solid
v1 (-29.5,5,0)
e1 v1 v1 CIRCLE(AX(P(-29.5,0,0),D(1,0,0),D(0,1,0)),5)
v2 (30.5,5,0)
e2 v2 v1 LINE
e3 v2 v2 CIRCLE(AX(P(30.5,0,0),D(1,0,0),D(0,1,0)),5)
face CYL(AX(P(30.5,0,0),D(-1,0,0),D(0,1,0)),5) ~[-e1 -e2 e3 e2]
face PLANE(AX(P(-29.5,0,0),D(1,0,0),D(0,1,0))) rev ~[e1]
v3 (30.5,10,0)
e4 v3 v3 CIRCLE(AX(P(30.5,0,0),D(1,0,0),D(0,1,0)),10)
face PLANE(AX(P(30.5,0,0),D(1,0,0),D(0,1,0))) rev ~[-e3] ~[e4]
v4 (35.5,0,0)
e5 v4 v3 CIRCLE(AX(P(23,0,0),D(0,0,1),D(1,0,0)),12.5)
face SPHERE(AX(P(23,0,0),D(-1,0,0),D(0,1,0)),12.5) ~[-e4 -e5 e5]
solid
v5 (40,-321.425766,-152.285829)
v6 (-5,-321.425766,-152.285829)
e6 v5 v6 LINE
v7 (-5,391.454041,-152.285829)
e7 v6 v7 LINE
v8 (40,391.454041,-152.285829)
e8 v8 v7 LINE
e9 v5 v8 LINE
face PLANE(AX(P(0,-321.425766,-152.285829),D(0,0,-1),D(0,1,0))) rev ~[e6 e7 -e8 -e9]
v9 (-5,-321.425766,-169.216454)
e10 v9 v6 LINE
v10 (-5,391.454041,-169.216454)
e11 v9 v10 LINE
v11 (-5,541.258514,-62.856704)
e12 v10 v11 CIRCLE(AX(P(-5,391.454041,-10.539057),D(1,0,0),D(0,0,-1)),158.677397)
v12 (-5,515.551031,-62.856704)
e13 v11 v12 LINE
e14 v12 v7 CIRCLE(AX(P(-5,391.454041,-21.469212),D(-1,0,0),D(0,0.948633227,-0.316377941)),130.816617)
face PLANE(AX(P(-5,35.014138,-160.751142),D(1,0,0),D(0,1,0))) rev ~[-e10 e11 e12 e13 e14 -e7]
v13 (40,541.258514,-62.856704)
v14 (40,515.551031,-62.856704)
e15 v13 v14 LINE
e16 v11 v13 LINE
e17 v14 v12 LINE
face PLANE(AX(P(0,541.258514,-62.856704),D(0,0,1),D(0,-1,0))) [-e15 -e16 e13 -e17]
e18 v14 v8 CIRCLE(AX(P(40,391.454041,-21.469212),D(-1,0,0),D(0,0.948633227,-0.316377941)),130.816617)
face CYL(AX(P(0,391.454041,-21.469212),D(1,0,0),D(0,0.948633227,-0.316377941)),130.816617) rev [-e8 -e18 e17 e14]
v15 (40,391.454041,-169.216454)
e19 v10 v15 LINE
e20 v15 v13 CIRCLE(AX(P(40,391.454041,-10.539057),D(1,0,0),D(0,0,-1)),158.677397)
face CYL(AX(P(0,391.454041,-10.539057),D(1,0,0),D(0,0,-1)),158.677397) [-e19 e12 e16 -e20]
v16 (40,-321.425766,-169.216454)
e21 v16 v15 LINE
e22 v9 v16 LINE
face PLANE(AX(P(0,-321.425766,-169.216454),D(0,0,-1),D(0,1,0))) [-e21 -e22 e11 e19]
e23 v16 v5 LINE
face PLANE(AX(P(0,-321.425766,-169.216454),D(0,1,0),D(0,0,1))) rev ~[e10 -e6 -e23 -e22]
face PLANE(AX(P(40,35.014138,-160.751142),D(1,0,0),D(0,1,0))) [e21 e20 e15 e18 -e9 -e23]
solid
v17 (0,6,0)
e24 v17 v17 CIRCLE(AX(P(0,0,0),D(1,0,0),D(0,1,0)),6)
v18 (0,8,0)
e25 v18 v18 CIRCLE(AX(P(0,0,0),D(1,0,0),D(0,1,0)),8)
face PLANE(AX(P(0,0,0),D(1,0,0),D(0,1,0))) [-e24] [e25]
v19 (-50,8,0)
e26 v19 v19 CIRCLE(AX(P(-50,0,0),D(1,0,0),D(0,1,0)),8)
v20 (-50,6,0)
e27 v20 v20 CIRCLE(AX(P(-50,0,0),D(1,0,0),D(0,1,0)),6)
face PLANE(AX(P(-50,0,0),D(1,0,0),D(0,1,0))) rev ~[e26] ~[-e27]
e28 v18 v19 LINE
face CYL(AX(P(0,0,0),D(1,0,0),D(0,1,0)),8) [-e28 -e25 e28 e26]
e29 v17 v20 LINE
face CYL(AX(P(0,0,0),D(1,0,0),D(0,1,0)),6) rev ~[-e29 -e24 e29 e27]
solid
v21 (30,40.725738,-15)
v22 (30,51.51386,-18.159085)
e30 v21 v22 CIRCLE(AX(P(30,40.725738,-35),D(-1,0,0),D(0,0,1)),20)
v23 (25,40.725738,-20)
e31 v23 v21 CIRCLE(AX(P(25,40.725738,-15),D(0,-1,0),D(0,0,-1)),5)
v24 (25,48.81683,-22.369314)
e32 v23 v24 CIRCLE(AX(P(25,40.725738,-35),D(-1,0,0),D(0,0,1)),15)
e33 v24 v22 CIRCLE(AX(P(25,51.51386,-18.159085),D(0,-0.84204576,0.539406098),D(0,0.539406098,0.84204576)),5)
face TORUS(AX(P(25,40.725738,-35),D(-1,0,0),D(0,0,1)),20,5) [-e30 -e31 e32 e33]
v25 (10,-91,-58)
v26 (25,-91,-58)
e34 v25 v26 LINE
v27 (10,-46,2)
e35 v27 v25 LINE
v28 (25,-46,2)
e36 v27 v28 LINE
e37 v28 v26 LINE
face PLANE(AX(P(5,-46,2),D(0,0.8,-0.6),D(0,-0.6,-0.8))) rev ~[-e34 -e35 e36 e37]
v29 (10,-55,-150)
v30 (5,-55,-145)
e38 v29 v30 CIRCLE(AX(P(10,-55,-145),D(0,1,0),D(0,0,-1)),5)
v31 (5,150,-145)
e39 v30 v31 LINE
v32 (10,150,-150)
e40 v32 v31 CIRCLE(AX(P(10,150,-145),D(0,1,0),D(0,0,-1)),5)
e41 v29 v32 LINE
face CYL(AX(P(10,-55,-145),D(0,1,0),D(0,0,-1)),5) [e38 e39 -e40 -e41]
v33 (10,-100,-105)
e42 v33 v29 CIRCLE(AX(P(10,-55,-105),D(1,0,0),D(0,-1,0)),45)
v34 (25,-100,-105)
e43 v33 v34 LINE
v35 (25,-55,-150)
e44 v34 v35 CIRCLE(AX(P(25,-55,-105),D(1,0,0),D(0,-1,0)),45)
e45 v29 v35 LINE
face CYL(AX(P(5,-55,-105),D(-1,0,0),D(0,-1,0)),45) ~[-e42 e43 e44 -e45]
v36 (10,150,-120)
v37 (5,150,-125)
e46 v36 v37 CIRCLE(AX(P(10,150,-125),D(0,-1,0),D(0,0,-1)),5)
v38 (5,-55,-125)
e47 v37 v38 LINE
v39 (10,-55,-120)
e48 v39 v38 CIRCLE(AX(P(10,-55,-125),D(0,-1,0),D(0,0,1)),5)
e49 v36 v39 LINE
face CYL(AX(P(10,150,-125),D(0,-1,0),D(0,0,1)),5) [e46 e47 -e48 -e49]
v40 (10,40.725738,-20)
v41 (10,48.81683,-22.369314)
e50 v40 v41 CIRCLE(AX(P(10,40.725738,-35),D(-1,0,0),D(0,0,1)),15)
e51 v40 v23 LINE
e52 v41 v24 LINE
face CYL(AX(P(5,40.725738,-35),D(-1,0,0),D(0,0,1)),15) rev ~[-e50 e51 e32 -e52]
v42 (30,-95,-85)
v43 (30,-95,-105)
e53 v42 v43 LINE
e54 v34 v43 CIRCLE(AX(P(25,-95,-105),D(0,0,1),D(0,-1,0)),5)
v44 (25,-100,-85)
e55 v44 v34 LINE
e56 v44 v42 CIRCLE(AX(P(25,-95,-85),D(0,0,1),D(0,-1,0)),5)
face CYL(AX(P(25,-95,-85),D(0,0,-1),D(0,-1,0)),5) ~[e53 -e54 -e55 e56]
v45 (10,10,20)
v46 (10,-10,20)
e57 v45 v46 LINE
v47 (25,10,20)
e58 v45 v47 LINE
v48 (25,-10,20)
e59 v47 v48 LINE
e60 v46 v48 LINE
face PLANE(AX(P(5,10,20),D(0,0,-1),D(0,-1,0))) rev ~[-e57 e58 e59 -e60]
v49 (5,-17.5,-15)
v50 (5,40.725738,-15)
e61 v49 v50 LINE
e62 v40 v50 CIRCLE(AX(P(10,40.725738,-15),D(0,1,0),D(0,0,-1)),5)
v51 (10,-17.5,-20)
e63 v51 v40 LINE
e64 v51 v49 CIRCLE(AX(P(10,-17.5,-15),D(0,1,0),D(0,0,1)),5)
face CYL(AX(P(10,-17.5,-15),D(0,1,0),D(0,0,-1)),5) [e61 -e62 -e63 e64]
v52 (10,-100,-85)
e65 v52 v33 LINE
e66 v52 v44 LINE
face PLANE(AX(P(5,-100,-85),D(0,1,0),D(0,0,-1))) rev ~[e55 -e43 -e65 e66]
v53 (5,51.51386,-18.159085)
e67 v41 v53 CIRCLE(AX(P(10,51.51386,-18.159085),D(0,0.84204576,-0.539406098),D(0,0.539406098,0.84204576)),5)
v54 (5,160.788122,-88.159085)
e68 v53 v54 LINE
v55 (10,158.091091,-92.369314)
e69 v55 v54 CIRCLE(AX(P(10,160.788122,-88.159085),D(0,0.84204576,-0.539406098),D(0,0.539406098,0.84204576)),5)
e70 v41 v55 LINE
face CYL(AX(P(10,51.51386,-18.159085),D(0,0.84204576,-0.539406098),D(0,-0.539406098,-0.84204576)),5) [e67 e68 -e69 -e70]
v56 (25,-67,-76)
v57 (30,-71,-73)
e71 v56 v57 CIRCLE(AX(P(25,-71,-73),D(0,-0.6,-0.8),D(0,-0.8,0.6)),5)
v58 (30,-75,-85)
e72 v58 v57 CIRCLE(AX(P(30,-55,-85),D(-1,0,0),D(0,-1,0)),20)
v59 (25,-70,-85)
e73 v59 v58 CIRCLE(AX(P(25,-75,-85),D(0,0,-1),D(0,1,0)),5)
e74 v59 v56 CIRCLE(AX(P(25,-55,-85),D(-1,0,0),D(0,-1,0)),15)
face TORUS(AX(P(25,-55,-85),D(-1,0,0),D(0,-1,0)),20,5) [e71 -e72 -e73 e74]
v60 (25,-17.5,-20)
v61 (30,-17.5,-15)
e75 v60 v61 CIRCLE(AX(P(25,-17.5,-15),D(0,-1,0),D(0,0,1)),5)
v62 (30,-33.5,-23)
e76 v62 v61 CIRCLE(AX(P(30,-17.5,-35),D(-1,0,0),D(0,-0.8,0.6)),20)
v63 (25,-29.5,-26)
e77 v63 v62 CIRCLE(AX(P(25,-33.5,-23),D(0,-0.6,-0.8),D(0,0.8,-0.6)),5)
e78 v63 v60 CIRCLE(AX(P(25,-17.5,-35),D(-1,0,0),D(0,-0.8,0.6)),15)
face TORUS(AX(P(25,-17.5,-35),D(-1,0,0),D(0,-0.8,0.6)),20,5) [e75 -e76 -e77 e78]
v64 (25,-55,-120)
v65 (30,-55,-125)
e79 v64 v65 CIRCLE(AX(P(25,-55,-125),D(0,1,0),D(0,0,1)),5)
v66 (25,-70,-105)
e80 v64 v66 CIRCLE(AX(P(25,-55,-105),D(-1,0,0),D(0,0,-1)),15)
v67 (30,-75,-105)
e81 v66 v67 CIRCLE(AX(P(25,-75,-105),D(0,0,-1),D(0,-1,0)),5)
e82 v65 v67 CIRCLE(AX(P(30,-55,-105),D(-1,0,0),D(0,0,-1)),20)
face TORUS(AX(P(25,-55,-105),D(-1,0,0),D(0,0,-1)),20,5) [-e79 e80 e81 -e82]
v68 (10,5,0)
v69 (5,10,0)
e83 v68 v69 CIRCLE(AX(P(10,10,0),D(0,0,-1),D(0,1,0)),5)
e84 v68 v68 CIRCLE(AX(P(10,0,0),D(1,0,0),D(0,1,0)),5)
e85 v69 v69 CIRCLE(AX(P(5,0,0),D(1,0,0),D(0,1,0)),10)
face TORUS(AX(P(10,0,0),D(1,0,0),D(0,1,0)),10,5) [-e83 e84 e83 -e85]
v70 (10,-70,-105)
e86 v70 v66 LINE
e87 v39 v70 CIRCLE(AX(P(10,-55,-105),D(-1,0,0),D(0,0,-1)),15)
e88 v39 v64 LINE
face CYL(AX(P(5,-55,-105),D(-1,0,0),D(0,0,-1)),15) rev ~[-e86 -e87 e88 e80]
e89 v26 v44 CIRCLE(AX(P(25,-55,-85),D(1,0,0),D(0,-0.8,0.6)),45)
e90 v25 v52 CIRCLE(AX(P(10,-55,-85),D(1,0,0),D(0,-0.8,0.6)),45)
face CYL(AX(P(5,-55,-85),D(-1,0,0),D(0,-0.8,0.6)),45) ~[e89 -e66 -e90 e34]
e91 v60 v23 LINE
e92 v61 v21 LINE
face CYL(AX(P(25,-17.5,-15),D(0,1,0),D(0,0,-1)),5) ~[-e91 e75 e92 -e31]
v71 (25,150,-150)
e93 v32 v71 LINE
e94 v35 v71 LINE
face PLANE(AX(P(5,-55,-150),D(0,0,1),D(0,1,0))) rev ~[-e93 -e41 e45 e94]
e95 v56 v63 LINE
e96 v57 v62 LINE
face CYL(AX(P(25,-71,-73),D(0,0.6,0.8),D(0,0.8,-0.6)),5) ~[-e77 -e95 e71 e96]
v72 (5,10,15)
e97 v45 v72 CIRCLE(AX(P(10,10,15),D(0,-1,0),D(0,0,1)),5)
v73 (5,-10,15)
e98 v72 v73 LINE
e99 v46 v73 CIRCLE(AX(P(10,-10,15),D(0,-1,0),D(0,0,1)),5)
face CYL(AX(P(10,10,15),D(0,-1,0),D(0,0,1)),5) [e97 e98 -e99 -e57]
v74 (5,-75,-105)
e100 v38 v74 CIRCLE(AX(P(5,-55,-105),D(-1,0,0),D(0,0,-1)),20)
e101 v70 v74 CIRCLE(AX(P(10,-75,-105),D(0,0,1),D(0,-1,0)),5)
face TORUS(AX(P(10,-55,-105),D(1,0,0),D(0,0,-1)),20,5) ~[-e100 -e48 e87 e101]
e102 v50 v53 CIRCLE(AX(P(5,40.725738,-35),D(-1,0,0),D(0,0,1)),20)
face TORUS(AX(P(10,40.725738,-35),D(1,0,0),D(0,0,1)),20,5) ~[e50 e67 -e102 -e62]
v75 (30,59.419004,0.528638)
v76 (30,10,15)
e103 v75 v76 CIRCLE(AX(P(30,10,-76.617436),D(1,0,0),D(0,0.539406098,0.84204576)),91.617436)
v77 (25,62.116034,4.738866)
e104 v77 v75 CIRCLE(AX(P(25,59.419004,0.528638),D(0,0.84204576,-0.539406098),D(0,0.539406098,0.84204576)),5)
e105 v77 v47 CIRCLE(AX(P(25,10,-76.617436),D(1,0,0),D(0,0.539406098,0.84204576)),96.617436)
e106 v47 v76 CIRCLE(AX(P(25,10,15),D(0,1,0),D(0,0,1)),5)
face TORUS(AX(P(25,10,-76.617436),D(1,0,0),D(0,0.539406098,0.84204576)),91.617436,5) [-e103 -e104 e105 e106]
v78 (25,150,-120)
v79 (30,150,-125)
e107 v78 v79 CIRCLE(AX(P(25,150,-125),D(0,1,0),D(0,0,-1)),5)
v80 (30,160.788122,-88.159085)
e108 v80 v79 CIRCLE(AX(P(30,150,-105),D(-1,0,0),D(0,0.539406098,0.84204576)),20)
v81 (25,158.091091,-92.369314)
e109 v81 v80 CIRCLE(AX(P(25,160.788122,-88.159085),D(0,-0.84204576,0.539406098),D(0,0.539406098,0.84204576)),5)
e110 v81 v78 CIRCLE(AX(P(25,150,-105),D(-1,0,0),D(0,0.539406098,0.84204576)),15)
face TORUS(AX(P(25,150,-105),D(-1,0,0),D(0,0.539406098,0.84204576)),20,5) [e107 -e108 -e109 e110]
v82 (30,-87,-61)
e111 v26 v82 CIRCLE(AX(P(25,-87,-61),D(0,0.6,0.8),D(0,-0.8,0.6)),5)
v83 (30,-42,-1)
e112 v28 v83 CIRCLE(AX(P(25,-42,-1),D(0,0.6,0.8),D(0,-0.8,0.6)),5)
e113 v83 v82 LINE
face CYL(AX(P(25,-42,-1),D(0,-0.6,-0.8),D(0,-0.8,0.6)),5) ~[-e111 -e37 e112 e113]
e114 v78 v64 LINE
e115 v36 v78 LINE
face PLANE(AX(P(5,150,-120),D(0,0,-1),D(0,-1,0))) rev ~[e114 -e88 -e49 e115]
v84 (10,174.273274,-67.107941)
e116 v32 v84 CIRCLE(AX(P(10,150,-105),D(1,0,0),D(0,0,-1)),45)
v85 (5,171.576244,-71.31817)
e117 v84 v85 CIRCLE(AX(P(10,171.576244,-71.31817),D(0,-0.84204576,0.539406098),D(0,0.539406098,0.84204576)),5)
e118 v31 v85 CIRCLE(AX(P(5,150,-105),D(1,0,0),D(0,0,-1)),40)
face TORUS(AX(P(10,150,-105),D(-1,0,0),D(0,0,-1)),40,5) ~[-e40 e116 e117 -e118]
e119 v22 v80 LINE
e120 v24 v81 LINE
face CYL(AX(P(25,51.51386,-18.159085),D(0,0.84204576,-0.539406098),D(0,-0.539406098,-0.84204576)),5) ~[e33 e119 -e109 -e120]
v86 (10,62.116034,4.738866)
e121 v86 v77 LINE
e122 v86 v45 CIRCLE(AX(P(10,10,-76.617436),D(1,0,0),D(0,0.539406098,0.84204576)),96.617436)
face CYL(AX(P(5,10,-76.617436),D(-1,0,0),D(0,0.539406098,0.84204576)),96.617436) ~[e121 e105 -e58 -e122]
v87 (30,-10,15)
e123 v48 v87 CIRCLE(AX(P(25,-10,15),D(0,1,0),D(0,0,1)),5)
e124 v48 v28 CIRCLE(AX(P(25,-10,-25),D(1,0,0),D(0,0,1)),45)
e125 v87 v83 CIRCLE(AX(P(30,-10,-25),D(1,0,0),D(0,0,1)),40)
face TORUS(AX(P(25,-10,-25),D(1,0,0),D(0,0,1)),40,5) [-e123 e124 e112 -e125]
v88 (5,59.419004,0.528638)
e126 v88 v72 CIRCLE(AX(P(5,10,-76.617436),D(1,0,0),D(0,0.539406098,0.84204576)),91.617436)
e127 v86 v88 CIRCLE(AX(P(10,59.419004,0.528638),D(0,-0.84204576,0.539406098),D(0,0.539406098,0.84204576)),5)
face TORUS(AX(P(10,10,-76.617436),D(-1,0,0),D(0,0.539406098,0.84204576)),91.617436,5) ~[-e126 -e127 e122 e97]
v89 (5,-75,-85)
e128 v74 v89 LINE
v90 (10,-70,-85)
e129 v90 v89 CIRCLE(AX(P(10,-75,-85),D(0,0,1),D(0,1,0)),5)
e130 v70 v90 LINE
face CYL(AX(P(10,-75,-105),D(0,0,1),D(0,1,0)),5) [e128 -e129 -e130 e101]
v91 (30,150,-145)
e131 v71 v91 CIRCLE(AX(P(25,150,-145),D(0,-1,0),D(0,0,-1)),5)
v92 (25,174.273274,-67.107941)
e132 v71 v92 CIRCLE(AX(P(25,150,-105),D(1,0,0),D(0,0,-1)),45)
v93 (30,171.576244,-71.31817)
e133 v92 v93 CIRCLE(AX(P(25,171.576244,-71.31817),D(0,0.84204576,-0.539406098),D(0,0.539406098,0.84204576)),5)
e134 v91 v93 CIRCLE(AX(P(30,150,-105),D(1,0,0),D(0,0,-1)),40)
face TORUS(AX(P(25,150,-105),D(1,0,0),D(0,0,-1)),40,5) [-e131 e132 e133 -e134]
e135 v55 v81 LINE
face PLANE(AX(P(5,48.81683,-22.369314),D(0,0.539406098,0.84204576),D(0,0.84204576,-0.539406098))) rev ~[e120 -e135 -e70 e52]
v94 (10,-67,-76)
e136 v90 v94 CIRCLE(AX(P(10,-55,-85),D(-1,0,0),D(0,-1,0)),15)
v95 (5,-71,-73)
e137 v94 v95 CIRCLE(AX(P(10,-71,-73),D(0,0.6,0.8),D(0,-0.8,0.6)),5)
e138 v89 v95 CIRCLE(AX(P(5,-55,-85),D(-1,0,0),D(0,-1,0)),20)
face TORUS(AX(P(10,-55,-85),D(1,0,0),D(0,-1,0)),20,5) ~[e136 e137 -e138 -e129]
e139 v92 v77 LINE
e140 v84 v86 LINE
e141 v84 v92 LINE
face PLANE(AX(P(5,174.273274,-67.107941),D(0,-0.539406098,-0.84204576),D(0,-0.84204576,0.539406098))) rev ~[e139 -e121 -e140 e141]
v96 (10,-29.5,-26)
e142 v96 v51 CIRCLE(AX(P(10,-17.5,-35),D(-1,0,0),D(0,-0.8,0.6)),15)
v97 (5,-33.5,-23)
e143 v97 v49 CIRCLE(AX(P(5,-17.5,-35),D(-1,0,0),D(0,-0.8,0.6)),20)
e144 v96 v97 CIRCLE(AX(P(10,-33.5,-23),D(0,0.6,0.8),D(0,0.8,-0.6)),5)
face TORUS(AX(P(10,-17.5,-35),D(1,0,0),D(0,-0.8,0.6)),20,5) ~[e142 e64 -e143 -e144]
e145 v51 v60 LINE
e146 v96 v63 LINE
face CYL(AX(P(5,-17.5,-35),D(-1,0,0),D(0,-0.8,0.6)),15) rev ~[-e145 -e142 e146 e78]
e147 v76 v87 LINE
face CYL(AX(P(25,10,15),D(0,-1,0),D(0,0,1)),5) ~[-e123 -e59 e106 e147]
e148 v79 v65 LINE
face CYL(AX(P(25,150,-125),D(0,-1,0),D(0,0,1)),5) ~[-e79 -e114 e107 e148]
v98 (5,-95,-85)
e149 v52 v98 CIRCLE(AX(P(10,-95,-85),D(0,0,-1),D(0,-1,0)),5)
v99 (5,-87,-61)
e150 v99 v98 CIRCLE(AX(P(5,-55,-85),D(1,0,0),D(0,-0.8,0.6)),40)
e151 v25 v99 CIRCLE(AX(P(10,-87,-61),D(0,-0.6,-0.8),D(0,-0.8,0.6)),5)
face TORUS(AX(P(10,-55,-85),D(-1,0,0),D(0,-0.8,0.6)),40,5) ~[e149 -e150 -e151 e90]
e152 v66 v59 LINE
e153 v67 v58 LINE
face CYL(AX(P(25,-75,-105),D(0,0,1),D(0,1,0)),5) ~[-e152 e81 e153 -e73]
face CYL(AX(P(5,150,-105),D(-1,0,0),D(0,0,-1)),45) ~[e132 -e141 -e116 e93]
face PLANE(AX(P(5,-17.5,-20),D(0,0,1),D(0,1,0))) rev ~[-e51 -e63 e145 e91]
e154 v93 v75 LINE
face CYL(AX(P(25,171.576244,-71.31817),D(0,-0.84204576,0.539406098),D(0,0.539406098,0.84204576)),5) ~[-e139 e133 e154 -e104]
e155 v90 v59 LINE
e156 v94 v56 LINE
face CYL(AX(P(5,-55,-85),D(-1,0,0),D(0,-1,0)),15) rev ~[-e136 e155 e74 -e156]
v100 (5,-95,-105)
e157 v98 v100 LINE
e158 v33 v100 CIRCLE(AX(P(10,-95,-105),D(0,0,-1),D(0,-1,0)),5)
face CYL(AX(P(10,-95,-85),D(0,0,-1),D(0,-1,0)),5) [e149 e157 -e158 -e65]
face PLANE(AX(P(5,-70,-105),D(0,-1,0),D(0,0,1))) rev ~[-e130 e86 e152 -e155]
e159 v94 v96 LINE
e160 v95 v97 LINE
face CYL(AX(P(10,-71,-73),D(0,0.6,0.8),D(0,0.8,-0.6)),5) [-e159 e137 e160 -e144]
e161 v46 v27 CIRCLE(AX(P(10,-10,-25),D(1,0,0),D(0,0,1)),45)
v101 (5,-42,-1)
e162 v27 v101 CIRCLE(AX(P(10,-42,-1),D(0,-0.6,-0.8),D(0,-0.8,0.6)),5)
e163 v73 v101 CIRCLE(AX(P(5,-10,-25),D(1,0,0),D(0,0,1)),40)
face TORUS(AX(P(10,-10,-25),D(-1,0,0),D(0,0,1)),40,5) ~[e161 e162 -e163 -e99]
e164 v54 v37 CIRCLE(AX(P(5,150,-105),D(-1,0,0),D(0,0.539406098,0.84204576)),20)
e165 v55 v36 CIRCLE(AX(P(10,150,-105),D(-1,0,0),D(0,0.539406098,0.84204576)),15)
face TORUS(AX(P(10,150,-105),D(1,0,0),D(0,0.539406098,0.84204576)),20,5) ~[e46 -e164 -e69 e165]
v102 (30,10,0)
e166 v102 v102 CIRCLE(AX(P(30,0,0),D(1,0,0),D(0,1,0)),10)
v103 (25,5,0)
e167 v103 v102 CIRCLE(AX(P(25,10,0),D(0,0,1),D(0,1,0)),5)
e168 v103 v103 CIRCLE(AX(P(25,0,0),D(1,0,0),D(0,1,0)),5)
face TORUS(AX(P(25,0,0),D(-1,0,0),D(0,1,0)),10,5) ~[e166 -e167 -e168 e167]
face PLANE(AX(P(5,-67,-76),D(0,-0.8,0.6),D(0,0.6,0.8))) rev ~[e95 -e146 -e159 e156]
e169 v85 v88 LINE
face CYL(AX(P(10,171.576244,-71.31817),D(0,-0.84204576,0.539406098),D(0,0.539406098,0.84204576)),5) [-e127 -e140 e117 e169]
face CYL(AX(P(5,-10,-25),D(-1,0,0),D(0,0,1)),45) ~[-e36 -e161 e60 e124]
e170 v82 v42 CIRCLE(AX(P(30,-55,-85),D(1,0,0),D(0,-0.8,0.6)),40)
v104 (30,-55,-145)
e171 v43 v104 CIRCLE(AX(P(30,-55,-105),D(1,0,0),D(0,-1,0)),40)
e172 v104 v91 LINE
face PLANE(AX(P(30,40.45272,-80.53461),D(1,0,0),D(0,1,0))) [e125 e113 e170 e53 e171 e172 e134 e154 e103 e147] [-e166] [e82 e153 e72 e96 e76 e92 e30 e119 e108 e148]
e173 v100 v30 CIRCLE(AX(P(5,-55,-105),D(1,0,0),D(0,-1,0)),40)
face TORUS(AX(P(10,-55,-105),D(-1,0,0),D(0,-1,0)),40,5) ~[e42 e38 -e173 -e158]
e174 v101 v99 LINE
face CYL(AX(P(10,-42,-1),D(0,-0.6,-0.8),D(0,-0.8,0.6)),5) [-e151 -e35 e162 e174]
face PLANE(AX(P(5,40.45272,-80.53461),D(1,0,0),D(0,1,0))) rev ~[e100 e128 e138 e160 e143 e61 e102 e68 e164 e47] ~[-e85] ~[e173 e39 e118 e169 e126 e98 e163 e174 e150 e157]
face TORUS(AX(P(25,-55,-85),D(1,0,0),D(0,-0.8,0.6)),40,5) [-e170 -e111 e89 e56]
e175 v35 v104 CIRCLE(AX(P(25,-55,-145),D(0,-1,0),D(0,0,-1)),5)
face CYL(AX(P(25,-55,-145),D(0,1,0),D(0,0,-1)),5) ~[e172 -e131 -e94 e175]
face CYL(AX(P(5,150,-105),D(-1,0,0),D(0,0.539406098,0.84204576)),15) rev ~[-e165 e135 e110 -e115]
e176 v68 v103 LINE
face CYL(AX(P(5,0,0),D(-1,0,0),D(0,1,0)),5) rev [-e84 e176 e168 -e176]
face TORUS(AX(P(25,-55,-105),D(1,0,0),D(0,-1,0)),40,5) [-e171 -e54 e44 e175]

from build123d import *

# Parameters (mm, degrees)
F0_R          = 8
F0_R_2        = 6
F1_DEPTH      = 50
F3_START      = 5
F2_R          = 5
F3_DEPTH      = 25
F4_W          = 712.879806757
F4_H          = 16.9306248426
F5_DEPTH      = 40
F5_DEPTH_BACK = 5
F8_R          = 5


with BuildPart() as f1:
    # F0 (on Right) → F1 (new body)
    with BuildSketch(Plane.YZ):
        Circle(F0_R)
        Circle(F0_R_2, mode=Mode.SUBTRACT)
    extrude(amount=-F1_DEPTH)


with BuildPart() as f3:
    # F2 (on Right) → F3 (new body)
    with BuildSketch(Plane.YZ.offset(F3_START)):
        with BuildLine():
            Line((0, 20), (-10, 20))
            ThreePointArc((-10, 20), (-30.1246117975, 15.249223595), (-46, 2))
            Line((-46, 2), (-91, -58))
            ThreePointArc((-91, -58), (-97.6907484123, -70.7697505292), (-100, -85))
            Line((-100, -85), (-100, -105))
            ThreePointArc((-100, -105), (-86.8198051534, -136.8198051534), (-55, -150))
            Line((-55, -150), (0, -150))
            Line((0, -150), (150, -150))
            ThreePointArc((150, -150), (193.1864716304, -117.6462906859), (174.2732743972, -67.107940805))
            Line((174.2732743972, -67.107940805), (62.1160341556, 4.7388663059))
            ThreePointArc((62.1160341556, 4.7388663059), (37.1522707049, 16.1062564159), (10, 20))
            Line((10, 20), (0, 20))
        make_face()
        with BuildLine():
            Line((150, -120), (0, -120))
            Line((0, -120), (-55, -120))
            ThreePointArc((-55, -120), (-65.6066017178, -115.6066017178), (-70, -105))
            Line((-70, -105), (-70, -85))
            ThreePointArc((-70, -85), (-69.2302494708, -80.2565835097), (-67, -76))
            Line((-67, -76), (-29.5, -26))
            ThreePointArc((-29.5, -26), (-24.2082039325, -21.583592135), (-17.5, -20))
            Line((-17.5, -20), (0, -20))
            Line((0, -20), (40.7257381, -20))
            ThreePointArc((40.7257381, -20), (44.9411683287, -20.6045094565), (48.8168295658, -22.3693136017))
            Line((48.8168295658, -22.3693136017), (158.0910914657, -92.3693136017))
            ThreePointArc((158.0910914657, -92.3693136017), (164.3954905435, -109.2154302286), (150, -120))
        make_face(mode=Mode.SUBTRACT)
        Circle(F2_R, mode=Mode.SUBTRACT)
    extrude(amount=F3_DEPTH)

    # F8
    f8_edges = [f3.edges().sort_by_distance(p)[0] for p in [
        (17.5, -10, 20),
        (17.5, -46, 2),
        (5, -30.124612, 15.249224),
        (30, -30.124612, 15.249224),
        (30, 118.194654, -31.184537),
        (30, 37.152271, 16.106256),
        (30, 0, 20),
        (30, -68.5, -28),
        (30, -97.690748, -70.769751),
        (30, -100, -95),
        (30, -86.819805, -136.819805),
        (30, 47.5, -150),
        (30, 193.186472, -117.646291),
        (30, 164.395491, -109.21543),
        (30, 47.5, -120),
        (30, -65.606602, -115.606602),
        (30, -70, -95),
        (30, -69.230249, -80.256584),
        (30, -48.25, -51),
        (30, -24.208204, -21.583592),
        (30, 11.612869, -20),
        (30, 44.941168, -20.604509),
        (30, 103.453961, -57.369314),
        (30, -5, 0),
        (5, 118.194654, -31.184537),
        (5, 37.152271, 16.106256),
        (5, 0, 20),
        (5, -68.5, -28),
        (5, -97.690748, -70.769751),
        (5, -100, -95),
        (5, -86.819805, -136.819805),
        (5, 47.5, -150),
        (5, 193.186472, -117.646291),
        (5, 164.395491, -109.21543),
        (5, 47.5, -120),
        (5, -65.606602, -115.606602),
        (5, -70, -95),
        (5, -69.230249, -80.256584),
        (5, -48.25, -51),
        (5, -24.208204, -21.583592),
        (5, 11.612869, -20),
        (5, 44.941168, -20.604509),
        (5, 103.453961, -57.369314),
        (5, -5, 0),
    ]]
    fillet(f8_edges, radius=F8_R)


with BuildPart() as f5:
    # F4 (on Right) → F5 (new body, two sides)
    with BuildSketch(Plane.YZ) as f5_sk:
        with Locations((35.0141376257, -160.7511416078)):
            Rectangle(F4_W, F4_H)
        with BuildLine():
            ThreePointArc((515.5510306358, -62.8567039967), (467.9354623885, -127.599224317), (391.4540410042, -152.2858291864))
            Line((391.4540410042, -152.2858291864), (391.4540410042, -169.2164540291))
            ThreePointArc((391.4540410042, -169.2164540291), (483.3150454277, -139.9224878758), (541.2585139275, -62.8567039967))
            Line((541.2585139275, -62.8567039967), (515.5510306358, -62.8567039967))
        make_face()
    extrude(amount=F5_DEPTH)
    extrude(f5_sk.sketch, amount=-F5_DEPTH_BACK)


with BuildPart() as f7:
    # F6 (on Top) → F7 (revolve)
    with BuildSketch(Plane.XY):
        with BuildLine():
            Line((-29.5, 5), (-29.5, 0))
            Line((-29.5, 0), (35.5, 0))
            ThreePointArc((35.5, 0), (34.1803398875, 5.5901699437), (30.5, 10))
            Line((30.5, 10), (30.5, 5))
            Line((30.5, 5), (-29.5, 5))
        make_face()
    revolve(axis=Axis((3, 0, 0), (1, 0, 0)))


solid = Compound([f1.part, f3.part, f5.part, f7.part])
